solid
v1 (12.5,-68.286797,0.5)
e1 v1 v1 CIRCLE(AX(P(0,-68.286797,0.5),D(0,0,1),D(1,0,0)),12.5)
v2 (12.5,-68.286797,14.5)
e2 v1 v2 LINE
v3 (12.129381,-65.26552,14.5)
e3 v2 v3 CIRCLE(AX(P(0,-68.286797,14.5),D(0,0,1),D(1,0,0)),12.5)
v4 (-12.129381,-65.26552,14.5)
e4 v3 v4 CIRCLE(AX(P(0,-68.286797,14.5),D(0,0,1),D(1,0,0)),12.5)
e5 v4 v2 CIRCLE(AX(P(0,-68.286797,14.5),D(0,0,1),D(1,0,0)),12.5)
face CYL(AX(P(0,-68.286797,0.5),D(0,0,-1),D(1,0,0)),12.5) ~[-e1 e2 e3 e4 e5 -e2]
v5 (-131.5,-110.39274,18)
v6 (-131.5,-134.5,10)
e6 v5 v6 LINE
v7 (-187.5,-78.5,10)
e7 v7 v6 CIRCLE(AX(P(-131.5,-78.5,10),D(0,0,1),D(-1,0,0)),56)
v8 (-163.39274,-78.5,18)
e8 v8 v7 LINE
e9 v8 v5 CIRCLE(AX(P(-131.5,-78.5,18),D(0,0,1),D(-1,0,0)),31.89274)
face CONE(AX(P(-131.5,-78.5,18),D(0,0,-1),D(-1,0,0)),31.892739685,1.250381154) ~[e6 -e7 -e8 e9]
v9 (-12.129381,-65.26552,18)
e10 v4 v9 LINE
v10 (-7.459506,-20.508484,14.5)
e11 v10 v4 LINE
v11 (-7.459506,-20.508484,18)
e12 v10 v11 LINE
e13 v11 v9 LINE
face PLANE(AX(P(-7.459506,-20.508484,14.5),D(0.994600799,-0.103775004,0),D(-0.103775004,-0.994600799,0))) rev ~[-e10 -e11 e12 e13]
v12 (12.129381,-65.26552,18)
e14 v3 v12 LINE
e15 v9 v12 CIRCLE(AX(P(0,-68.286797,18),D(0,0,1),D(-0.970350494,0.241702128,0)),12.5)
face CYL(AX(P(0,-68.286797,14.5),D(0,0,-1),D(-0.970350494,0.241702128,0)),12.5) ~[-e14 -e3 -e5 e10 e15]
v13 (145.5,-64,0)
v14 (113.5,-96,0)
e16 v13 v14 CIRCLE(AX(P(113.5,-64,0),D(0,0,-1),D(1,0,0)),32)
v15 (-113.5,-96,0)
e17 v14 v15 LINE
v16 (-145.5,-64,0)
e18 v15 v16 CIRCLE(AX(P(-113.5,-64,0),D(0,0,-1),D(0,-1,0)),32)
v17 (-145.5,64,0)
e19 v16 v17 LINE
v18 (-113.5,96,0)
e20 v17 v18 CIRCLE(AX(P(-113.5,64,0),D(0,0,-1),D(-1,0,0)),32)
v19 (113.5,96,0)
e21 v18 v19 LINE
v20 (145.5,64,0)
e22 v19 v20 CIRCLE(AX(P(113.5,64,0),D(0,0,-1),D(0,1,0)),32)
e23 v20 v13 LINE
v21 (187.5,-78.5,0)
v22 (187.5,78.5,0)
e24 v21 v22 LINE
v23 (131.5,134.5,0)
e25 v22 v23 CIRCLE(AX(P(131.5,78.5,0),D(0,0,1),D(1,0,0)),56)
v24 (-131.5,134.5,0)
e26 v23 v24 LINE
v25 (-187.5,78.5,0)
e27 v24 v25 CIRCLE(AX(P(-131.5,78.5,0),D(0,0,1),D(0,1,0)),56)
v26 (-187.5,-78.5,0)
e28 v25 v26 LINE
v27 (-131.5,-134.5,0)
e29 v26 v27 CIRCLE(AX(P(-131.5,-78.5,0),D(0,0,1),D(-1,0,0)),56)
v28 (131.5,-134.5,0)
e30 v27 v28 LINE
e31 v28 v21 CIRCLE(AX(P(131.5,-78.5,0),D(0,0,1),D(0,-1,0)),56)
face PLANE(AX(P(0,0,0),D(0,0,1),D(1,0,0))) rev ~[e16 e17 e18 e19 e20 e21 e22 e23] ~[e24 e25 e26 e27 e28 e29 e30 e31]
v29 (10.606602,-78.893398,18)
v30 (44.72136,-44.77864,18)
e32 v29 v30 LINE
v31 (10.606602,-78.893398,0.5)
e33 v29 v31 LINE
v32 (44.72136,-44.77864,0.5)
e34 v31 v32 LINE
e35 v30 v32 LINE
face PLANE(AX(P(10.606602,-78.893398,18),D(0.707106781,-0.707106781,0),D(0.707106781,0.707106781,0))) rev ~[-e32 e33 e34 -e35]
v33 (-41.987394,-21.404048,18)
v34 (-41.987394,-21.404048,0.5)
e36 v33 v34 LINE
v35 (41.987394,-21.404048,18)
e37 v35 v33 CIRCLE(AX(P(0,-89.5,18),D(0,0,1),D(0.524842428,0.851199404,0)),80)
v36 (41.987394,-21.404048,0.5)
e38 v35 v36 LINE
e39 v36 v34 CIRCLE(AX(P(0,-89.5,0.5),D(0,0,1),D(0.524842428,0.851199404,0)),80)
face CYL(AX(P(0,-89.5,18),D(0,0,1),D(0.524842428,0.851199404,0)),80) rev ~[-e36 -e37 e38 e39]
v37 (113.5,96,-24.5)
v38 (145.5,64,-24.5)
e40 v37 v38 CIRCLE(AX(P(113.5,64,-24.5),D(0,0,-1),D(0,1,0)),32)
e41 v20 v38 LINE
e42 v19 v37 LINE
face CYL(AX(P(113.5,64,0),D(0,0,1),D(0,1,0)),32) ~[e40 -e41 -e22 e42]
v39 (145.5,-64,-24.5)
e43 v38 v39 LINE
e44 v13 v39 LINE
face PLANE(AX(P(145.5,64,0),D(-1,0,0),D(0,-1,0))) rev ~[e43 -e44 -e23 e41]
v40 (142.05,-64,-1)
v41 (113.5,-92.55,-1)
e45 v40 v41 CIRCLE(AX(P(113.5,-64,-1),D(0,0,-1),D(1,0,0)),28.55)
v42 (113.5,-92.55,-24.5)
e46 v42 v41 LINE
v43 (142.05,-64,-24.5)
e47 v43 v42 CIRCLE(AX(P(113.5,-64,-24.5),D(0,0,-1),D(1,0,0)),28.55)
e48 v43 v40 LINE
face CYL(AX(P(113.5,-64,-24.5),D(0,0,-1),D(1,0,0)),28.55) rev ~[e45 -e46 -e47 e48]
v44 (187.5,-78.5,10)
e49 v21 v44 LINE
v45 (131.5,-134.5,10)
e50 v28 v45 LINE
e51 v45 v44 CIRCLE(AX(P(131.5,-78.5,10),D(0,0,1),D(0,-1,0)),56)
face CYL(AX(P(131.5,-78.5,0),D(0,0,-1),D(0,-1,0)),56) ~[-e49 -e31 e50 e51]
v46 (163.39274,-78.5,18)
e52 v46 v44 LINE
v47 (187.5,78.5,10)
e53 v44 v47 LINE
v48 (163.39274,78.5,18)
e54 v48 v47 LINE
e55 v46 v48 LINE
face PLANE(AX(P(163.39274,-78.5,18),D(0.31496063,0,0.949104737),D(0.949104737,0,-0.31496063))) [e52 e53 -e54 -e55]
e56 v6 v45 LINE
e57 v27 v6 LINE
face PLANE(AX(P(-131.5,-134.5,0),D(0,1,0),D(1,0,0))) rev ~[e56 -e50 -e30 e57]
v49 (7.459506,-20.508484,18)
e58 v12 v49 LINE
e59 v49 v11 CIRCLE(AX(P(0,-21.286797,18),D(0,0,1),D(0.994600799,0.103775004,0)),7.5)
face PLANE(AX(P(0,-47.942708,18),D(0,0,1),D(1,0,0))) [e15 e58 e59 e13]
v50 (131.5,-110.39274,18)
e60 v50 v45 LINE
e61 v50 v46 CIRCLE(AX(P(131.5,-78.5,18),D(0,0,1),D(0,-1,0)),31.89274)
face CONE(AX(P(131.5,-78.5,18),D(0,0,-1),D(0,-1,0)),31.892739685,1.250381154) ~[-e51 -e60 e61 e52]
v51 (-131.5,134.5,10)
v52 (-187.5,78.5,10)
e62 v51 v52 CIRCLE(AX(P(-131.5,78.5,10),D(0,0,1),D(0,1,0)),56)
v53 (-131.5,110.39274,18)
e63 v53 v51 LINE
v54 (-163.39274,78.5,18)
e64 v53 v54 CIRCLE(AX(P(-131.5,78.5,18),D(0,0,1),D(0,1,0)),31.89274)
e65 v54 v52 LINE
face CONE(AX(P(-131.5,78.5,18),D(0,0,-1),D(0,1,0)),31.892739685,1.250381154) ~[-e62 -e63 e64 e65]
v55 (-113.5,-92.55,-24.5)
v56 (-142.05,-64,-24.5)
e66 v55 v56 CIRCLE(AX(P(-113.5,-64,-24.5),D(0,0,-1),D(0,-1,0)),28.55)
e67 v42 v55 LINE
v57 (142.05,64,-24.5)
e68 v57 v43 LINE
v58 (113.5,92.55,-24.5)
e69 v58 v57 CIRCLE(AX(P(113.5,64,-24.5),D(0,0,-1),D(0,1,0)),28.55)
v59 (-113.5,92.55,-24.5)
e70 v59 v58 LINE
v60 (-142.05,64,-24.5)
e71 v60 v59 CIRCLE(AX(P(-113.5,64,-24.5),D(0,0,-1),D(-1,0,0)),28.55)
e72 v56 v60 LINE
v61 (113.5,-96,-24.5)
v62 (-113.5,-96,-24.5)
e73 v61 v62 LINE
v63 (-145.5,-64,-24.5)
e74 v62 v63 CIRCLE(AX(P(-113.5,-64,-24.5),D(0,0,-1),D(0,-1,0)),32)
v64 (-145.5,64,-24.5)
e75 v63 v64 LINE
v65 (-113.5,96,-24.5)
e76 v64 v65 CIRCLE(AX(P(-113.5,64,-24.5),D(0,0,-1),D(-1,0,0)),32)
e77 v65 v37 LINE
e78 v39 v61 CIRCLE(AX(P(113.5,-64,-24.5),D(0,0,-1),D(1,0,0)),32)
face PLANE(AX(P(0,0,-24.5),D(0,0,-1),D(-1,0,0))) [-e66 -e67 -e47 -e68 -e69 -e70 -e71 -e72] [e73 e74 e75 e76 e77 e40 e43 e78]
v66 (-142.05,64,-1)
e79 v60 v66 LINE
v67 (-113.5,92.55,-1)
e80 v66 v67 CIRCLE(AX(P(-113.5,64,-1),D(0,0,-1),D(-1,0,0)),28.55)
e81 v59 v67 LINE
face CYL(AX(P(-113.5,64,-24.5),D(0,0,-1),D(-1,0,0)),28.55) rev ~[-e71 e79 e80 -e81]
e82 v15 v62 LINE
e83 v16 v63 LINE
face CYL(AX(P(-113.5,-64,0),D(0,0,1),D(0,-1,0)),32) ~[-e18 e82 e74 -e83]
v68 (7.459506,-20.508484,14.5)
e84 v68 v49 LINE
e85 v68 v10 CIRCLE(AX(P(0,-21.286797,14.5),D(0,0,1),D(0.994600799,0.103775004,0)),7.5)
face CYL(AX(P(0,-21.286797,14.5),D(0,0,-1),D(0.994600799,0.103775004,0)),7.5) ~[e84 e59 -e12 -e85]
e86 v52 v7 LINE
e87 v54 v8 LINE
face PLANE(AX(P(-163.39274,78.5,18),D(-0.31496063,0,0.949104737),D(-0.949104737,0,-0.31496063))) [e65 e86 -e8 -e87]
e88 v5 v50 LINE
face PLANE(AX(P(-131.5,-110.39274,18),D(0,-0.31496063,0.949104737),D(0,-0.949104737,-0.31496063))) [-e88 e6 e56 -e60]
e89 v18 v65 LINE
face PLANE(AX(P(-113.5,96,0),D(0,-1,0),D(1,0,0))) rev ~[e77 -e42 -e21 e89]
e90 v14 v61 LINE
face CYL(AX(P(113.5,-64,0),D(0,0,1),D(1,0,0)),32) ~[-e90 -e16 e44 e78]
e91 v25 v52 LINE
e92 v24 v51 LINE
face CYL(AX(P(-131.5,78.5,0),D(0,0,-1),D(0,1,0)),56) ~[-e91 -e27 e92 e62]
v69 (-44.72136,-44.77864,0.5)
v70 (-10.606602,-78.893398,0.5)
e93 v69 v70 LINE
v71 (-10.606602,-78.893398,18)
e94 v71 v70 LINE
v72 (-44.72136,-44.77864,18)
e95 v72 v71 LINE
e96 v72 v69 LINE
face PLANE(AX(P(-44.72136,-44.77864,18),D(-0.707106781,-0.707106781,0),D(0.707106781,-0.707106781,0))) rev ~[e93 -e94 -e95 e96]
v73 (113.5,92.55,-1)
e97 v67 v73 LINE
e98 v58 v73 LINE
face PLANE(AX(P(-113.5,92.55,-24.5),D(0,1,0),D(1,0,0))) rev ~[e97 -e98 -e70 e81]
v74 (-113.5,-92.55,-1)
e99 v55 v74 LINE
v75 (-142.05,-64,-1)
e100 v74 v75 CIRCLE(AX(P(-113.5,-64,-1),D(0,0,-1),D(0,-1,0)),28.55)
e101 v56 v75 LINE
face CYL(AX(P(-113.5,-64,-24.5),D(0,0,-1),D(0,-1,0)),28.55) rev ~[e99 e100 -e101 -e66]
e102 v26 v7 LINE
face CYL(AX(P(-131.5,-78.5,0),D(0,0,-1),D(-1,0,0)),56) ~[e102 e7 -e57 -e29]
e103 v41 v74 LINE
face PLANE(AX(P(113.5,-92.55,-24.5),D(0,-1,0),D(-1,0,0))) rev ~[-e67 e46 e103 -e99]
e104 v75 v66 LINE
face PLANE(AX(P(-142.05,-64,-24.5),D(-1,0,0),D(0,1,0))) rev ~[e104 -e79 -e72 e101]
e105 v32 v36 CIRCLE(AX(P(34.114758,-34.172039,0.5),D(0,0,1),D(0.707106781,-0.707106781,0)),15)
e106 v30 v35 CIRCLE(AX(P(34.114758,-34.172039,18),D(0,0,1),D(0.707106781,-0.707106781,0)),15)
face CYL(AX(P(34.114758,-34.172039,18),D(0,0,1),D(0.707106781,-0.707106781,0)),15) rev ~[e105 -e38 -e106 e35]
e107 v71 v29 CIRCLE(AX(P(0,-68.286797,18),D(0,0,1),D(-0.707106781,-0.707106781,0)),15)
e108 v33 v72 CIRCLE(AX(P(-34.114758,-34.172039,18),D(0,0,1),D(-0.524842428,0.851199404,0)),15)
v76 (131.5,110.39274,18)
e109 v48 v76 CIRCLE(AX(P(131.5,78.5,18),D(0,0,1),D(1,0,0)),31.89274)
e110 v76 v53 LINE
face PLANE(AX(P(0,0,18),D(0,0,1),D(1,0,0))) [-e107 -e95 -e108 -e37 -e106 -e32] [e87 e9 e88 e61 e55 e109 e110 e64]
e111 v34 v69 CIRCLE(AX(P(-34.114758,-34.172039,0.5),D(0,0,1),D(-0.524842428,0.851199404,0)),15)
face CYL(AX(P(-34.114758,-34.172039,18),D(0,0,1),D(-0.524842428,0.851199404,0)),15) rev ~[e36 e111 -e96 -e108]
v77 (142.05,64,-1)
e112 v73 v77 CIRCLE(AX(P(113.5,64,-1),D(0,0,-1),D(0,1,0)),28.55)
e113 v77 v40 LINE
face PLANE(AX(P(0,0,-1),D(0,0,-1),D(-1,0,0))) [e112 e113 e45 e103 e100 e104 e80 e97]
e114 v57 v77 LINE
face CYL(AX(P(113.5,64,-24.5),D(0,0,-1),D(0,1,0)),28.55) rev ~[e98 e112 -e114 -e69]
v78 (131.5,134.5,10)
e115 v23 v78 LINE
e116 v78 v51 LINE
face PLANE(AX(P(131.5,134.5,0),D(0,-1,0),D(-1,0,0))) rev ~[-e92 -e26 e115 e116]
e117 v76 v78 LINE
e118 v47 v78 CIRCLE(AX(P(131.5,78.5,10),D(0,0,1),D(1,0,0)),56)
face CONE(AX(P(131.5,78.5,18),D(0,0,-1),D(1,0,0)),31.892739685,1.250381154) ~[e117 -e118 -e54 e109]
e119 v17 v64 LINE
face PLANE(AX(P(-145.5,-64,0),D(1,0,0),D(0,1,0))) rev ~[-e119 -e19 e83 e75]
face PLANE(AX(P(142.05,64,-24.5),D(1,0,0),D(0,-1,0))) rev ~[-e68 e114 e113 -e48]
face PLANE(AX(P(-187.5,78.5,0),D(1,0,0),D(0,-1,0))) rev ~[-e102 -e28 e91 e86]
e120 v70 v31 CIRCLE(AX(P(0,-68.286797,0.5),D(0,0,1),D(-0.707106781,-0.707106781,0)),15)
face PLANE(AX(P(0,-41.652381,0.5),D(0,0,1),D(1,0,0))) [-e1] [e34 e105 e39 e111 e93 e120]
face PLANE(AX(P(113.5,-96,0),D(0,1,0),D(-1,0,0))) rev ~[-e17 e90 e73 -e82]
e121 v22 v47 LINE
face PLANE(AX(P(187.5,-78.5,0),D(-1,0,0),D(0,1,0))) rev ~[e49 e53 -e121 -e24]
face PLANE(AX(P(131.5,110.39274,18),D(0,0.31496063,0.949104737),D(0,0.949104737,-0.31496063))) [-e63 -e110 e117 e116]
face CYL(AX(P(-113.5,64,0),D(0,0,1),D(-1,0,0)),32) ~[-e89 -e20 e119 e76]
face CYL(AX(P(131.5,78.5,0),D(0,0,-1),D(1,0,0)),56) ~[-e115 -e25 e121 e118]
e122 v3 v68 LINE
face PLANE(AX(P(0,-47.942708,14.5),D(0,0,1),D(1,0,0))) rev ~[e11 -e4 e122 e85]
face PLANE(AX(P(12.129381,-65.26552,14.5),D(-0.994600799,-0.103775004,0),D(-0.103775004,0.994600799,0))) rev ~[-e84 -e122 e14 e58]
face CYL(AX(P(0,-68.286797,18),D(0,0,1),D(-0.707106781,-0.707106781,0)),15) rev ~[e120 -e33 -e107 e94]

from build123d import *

# Parameters (mm, degrees)
BOSS_EXTRUDE1_DEPTH = 18
BOSS_EXTRUDE2_DEPTH = 24.5
CUT_EXTRUDE1_DEPTH  = 17.5
SKETCH6_R           = 12.5
BOSS_EXTRUDE3_DEPTH = 14
BOSS_EXTRUDE4_DEPTH = 3.5
CUT_EXTRUDE6_DEPTH  = 23.5


with BuildPart() as part:
    # Sketch1 → Boss-Extrude1 (new body)
    with BuildSketch(Plane.XY):
        with BuildLine():
            Line((-131.5, -134.5), (131.5, -134.5))
            ThreePointArc((131.5, -134.5), (171.097979746, -118.097979746), (187.5, -78.5))
            Line((187.5, -78.5), (187.5, 78.5))
            ThreePointArc((187.5, 78.5), (171.097979746, 118.097979746), (131.5, 134.5))
            Line((131.5, 134.5), (-131.5, 134.5))
            ThreePointArc((-131.5, 134.5), (-171.097979746, 118.097979746), (-187.5, 78.5))
            Line((-187.5, 78.5), (-187.5, -78.5))
            ThreePointArc((-187.5, -78.5), (-171.097979746, -118.097979746), (-131.5, -134.5))
        make_face()
    extrude(amount=BOSS_EXTRUDE1_DEPTH)

    # Cut-Sweep1: sweep along a path in Sketch3
    with BuildLine(Plane.XY.offset(18)) as cut_sweep1_path:
        Line((131.5, 134.5), (-131.5, 134.5))
        ThreePointArc((-131.5, 134.5), (-171.097979746, 118.097979746), (-187.5, 78.5))
        Line((-187.5, 78.5), (-187.5, -78.5))
        ThreePointArc((-187.5, -78.5), (-171.097979746, -118.097979746), (-131.5, -134.5))
        Line((-131.5, -134.5), (131.5, -134.5))
        ThreePointArc((131.5, -134.5), (171.097979746, -118.097979746), (187.5, -78.5))
        Line((187.5, -78.5), (187.5, 78.5))
        ThreePointArc((187.5, 78.5), (171.097979746, 118.097979746), (131.5, 134.5))
    # Sketch2 → Cut-Sweep1 (sweep, cut)
    with BuildSketch(Plane(origin=(0, 0, 0), x_dir=(0, 0, -1), z_dir=(1, 0, 0))):
        Polygon((-18, 110.392739683), (-10, 134.5), (-18, 134.5), align=None)
    sweep(path=cut_sweep1_path.line, mode=Mode.SUBTRACT)

    # Sketch4 → Boss-Extrude2 (add)
    with BuildSketch(Plane(origin=(0, 0, 0), x_dir=(-1, 0, 0), z_dir=(0, 0, -1))):
        with BuildLine():
            Line((113.5, 96), (-113.5, 96))
            ThreePointArc((-113.5, 96), (-136.127416998, 86.627416998), (-145.5, 64))
            Line((-145.5, 64), (-145.5, -64))
            ThreePointArc((-145.5, -64), (-136.127416998, -86.627416998), (-113.5, -96))
            Line((-113.5, -96), (113.5, -96))
            ThreePointArc((113.5, -96), (136.127416998, -86.627416998), (145.5, -64))
            Line((145.5, -64), (145.5, 64))
            ThreePointArc((145.5, 64), (136.127416998, 86.627416998), (113.5, 96))
        make_face()
    extrude(amount=BOSS_EXTRUDE2_DEPTH)

    # Sketch5 → Cut-Extrude1 (cut)
    with BuildSketch(Plane.XY.offset(18)):
        with BuildLine():
            Line((10.606601718, -78.893398282), (44.72135955, -44.77864045))
            ThreePointArc((44.72135955, -44.77864045), (49.01319592, -32.429470934), (41.987394255, -21.40404767))
            ThreePointArc((41.987394255, -21.40404767), (0, -9.5), (-41.987394255, -21.40404767))
            ThreePointArc((-41.987394255, -21.40404767), (-49.01319592, -32.429470934), (-44.72135955, -44.77864045))
            Line((-44.72135955, -44.77864045), (-10.606601718, -78.893398282))
            ThreePointArc((-10.606601718, -78.893398282), (0, -83.286796564), (10.606601718, -78.893398282))
        make_face()
    extrude(amount=-CUT_EXTRUDE1_DEPTH, mode=Mode.SUBTRACT)

    # Sketch6 → Boss-Extrude3 (add)
    with BuildSketch(Plane.XY.offset(0.5)):
        with Locations((0, -68.286796564)):
            Circle(SKETCH6_R)
    extrude(amount=BOSS_EXTRUDE3_DEPTH)

    # Sketch7 → Boss-Extrude4 (add)
    with BuildSketch(Plane.XY.offset(14.5)):
        with BuildLine():
            Line((-7.459505989, -20.508484033), (-12.129381177, -65.265519969))
            ThreePointArc((-12.129381177, -65.265519969), (0, -80.786796564), (12.129381177, -65.265519969))
            Line((12.129381177, -65.265519969), (7.459505989, -20.508484033))
            ThreePointArc((7.459505989, -20.508484033), (0, -13.786796564), (-7.459505989, -20.508484033))
        make_face()
    extrude(amount=BOSS_EXTRUDE4_DEPTH)

    # Sketch9 → Cut-Extrude6 (cut)
    with BuildSketch(Plane(origin=(0, 0, -24.5), x_dir=(-1, 0, 0), z_dir=(0, 0, -1))):
        with BuildLine():
            Line((113.5, 92.55), (-113.5, 92.55))
            ThreePointArc((-113.5, 92.55), (-133.687898603, 84.187898603), (-142.05, 64))
            Line((-142.05, 64), (-142.05, -64))
            ThreePointArc((-142.05, -64), (-133.687898603, -84.187898603), (-113.5, -92.55))
            Line((-113.5, -92.55), (113.5, -92.55))
            ThreePointArc((113.5, -92.55), (133.687898603, -84.187898603), (142.05, -64))
            Line((142.05, -64), (142.05, 64))
            ThreePointArc((142.05, 64), (133.687898603, 84.187898603), (113.5, 92.55))
        make_face()
    extrude(amount=-CUT_EXTRUDE6_DEPTH, mode=Mode.SUBTRACT)


solid = part.part
